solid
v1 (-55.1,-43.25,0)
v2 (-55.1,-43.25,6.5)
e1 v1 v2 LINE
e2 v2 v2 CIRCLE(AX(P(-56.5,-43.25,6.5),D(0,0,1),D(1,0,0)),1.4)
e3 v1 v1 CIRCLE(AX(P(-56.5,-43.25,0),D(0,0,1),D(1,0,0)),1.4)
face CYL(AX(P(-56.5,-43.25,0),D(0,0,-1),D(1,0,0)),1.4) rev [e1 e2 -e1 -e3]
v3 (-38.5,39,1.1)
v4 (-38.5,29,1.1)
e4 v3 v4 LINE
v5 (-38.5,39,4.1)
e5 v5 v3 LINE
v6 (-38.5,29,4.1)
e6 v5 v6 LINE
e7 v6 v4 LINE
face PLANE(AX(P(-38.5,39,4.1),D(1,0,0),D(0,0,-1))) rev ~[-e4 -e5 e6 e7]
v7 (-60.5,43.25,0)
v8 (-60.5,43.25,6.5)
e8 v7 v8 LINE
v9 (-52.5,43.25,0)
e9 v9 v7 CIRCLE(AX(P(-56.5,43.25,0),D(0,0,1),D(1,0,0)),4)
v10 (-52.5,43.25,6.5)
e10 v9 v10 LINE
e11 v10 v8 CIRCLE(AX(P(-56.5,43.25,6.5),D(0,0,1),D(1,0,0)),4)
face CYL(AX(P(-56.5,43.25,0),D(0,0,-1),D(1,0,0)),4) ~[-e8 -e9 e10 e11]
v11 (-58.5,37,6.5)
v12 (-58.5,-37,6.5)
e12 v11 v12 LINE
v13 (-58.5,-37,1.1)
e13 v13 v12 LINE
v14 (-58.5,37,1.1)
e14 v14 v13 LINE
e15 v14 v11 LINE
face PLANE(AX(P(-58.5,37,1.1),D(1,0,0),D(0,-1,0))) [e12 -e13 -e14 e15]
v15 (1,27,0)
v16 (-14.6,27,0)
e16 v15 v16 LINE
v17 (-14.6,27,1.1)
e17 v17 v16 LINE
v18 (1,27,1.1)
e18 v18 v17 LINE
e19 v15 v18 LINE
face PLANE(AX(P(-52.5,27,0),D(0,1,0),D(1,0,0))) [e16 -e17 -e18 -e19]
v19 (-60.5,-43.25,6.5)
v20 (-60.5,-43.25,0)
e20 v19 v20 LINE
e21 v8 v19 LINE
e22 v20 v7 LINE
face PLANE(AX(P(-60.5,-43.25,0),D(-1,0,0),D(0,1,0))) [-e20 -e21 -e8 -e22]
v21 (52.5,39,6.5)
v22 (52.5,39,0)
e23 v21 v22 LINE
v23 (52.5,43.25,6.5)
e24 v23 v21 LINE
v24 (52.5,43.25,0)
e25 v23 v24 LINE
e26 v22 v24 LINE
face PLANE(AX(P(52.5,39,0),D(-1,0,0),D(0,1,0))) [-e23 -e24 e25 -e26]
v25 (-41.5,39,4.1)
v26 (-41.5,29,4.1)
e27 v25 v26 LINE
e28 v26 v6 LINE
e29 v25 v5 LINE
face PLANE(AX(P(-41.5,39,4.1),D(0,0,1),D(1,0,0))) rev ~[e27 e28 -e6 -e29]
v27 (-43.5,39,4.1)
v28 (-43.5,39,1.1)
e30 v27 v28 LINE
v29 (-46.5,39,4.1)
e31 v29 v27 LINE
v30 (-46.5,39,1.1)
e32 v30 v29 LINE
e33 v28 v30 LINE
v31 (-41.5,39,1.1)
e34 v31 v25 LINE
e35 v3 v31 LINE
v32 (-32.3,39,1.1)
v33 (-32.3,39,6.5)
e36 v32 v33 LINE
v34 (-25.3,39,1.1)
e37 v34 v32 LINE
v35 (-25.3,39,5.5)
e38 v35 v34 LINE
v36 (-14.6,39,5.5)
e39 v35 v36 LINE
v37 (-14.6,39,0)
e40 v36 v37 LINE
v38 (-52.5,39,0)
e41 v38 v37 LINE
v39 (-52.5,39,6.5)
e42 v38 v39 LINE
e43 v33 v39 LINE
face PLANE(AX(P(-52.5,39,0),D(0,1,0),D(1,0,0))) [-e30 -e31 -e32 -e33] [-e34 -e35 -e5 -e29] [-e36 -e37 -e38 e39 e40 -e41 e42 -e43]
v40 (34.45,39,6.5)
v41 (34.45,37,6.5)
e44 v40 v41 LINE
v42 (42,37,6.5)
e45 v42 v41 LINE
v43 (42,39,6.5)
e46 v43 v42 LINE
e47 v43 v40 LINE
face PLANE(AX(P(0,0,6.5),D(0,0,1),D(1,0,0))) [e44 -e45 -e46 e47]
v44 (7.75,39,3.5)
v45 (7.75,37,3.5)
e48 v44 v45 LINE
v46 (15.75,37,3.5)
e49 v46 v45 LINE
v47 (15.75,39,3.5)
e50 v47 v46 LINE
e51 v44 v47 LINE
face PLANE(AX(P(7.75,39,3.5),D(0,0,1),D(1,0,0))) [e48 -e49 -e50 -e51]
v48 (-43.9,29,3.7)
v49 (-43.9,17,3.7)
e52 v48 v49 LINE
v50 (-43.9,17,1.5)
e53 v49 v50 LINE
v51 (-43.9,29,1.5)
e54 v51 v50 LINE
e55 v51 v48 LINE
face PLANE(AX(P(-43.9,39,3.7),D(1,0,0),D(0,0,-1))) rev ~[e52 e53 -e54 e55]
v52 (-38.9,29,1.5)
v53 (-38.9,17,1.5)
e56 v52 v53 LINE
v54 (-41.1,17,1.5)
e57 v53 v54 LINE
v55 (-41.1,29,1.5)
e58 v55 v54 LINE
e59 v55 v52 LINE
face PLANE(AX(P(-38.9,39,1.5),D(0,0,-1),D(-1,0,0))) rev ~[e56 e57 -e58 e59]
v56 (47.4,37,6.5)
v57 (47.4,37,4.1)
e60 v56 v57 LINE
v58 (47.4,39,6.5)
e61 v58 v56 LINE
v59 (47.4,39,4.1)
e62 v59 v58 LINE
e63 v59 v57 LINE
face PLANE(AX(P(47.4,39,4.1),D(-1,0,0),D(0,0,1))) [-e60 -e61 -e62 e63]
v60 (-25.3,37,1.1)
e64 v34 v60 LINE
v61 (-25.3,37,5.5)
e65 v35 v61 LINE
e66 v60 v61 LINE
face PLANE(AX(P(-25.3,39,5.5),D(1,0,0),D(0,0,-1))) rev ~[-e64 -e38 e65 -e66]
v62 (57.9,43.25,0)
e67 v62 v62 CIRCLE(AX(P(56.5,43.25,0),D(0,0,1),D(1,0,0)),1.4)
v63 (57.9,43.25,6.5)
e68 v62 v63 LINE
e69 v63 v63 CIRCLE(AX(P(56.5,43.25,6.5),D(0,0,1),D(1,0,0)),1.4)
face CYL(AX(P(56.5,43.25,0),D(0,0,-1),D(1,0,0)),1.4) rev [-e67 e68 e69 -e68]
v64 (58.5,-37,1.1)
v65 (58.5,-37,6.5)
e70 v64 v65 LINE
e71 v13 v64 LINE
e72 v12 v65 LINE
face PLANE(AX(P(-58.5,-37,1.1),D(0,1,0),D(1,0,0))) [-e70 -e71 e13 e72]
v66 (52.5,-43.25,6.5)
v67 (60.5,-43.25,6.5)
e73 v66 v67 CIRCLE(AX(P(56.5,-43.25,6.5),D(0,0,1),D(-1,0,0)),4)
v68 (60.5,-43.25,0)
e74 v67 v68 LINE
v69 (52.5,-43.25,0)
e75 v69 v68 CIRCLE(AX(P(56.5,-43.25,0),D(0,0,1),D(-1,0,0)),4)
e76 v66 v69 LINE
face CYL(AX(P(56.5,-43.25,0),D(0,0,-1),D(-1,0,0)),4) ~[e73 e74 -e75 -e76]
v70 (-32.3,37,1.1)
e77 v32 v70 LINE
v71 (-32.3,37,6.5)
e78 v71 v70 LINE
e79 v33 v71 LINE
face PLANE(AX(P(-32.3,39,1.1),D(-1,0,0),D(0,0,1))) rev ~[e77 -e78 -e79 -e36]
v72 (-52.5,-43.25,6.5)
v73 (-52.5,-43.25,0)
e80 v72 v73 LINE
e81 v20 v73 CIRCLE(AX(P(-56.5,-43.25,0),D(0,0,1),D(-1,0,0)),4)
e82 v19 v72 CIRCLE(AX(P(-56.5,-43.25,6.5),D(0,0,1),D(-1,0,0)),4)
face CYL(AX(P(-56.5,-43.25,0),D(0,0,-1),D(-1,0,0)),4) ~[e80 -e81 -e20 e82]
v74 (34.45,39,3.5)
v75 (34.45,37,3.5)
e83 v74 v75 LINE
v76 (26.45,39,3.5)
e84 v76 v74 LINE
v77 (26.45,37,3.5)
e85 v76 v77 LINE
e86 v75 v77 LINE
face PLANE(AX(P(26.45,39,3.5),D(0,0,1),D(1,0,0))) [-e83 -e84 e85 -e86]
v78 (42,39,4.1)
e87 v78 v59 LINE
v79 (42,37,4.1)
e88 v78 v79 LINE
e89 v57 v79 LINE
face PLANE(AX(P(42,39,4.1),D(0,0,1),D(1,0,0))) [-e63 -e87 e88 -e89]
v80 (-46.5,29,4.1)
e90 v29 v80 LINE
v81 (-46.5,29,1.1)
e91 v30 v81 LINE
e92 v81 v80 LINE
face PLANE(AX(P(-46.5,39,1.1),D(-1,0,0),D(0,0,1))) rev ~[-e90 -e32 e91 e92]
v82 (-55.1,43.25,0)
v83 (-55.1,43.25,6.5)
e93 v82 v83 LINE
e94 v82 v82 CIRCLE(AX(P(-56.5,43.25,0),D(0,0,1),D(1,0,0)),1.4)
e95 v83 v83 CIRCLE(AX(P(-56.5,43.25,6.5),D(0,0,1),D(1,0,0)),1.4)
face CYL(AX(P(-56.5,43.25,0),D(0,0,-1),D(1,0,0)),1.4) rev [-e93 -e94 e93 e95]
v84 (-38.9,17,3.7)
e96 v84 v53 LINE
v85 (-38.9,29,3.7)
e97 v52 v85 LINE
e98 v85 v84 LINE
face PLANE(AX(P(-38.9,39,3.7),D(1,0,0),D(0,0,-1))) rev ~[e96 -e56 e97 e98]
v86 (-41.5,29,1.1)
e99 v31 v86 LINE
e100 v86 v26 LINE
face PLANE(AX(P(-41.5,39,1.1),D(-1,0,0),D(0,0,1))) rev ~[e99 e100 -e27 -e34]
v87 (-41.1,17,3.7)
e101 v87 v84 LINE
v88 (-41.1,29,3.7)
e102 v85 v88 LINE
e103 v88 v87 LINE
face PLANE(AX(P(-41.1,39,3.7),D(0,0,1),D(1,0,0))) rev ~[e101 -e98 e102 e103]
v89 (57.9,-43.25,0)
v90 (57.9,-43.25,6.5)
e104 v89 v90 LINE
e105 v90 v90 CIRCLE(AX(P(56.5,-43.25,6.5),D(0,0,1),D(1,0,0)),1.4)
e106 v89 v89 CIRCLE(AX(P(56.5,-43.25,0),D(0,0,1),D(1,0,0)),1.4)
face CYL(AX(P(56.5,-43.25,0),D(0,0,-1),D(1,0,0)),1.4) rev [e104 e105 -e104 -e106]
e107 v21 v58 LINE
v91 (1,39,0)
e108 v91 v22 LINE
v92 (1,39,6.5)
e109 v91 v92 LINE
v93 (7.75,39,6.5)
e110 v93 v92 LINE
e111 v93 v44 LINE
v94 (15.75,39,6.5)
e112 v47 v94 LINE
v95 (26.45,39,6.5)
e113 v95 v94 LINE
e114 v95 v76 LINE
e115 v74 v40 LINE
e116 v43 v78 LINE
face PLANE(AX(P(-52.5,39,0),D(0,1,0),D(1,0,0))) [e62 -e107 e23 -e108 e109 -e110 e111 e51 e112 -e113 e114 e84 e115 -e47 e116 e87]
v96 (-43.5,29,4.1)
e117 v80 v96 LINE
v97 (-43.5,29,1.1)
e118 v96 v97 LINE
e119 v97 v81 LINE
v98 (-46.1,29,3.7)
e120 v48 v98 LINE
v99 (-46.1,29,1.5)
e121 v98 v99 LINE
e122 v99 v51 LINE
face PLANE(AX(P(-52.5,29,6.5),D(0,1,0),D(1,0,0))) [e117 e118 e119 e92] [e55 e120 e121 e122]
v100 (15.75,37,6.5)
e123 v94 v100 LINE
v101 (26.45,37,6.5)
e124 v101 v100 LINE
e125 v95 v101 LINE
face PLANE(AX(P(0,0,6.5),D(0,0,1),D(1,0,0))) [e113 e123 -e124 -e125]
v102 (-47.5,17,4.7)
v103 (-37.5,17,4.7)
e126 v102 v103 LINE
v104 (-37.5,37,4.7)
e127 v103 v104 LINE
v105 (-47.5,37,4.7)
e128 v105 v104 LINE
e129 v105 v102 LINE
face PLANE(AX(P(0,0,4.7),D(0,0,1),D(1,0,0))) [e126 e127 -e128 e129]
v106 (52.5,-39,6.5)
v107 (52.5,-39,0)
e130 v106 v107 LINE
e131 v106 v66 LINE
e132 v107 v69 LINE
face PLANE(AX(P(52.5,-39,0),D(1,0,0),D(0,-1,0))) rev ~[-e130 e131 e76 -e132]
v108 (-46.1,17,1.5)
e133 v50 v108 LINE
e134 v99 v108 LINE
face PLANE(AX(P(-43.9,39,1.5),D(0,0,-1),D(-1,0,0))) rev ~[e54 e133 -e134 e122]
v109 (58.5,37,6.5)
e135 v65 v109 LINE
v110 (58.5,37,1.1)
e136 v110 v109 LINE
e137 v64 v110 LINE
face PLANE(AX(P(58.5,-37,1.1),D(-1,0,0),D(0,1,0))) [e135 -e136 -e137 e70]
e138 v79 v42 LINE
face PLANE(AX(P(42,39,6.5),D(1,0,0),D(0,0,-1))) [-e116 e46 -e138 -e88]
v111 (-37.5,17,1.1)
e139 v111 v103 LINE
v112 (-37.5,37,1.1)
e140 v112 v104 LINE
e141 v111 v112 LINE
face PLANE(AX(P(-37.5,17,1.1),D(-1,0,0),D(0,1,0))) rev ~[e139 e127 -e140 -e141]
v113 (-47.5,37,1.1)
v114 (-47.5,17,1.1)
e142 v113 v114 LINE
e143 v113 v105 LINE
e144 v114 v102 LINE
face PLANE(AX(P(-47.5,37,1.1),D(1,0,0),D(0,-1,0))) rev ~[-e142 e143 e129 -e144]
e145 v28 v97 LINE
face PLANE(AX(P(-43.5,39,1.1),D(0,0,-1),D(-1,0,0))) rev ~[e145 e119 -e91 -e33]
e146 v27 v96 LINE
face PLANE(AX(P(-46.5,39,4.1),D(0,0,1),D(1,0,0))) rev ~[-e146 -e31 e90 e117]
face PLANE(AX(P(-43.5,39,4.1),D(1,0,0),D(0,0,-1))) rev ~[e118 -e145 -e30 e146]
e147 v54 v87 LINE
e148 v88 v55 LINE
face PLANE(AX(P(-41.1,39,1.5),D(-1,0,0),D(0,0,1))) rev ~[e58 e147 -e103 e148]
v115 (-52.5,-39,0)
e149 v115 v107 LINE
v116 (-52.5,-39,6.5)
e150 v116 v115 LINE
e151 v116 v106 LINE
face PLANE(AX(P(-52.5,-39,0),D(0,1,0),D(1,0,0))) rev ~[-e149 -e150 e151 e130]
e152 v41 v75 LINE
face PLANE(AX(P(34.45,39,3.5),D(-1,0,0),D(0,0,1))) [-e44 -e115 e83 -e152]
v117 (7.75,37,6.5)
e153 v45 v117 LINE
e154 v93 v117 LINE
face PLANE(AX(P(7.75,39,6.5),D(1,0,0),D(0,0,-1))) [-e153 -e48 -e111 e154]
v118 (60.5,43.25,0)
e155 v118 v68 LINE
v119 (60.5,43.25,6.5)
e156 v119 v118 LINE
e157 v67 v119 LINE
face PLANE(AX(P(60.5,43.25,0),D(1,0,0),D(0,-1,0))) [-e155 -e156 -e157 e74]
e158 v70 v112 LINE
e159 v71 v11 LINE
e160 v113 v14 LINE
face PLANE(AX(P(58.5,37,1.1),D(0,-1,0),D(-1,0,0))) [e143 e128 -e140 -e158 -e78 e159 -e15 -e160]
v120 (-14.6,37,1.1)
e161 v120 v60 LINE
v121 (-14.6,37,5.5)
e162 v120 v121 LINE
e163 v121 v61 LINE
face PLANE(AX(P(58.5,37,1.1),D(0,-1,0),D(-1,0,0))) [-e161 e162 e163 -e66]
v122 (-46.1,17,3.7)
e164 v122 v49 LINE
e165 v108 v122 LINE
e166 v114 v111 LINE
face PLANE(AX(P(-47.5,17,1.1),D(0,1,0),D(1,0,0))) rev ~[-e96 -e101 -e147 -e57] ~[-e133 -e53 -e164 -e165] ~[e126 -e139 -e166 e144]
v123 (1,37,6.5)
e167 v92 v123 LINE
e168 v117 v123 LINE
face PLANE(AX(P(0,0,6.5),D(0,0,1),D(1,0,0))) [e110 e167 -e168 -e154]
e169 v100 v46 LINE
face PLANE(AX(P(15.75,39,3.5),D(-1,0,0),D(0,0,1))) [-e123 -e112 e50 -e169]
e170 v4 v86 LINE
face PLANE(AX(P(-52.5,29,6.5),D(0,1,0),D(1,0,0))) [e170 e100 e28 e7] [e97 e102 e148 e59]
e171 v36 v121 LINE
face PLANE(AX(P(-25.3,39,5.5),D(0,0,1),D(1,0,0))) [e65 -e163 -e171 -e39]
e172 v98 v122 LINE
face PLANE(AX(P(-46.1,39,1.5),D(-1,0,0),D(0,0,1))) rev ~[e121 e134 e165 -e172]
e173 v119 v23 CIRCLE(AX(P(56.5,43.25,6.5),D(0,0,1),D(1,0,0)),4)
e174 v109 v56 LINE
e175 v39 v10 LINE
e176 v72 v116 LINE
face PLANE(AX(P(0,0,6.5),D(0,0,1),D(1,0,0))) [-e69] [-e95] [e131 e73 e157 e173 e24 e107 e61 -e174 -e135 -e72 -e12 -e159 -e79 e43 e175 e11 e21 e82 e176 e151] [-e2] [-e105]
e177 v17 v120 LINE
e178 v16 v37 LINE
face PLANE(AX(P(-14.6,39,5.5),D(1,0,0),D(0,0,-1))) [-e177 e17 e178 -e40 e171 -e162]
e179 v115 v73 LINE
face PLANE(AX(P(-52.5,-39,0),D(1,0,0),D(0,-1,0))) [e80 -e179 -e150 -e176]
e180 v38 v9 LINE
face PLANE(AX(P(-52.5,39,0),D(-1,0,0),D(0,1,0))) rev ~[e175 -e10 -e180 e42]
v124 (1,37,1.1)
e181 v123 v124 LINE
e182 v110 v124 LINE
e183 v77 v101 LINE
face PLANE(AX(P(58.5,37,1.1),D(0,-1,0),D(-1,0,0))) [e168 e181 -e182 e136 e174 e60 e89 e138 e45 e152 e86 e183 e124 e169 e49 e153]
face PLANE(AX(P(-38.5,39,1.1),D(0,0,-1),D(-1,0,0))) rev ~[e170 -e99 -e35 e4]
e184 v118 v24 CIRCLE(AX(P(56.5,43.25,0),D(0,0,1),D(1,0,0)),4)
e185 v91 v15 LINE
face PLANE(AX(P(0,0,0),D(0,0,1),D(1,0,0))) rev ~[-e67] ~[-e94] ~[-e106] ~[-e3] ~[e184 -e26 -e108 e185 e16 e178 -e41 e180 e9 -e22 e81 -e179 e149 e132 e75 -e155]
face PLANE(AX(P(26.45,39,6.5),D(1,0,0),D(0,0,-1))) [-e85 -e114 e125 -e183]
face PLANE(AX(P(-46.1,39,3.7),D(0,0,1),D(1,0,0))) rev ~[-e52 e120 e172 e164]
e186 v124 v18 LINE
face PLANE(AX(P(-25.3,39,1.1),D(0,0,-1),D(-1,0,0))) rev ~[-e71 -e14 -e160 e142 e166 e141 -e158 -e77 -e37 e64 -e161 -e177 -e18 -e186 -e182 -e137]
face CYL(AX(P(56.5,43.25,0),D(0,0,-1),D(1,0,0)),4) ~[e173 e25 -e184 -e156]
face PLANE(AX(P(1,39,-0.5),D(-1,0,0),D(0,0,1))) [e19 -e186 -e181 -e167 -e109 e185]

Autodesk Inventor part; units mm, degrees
ref_plane "YZ Plane" through (0, 0, 0) normal (1, 0, 0) x (0, 1, 0)
ref_plane "XZ Plane" through (0, 0, 0) normal (0, 1, 0) x (-1, 0, 0)
ref_plane "XY Plane" through (0, 0, 0) normal (0, 0, 1) x (1, 0, 0)
sketch "Skizze1" plane through (0, 0, 0) normal (0, 0, 1) x (1, 0, 0)
  line L0 (-52.5, 39) -> (52.5, 39)
  line L1 (-52.5, -39) -> (52.5, -39)
  line L2 (52.5, -39) -> (52.5, -43.25)
  line L3 (-52.5, -39) -> (-52.5, -43.25)
  line L4 (-60.5, -43.25) -> (-60.5, 43.25)
  line L5 (-52.5, 39) -> (-52.5, 43.25)
  line L6 (52.5, 39) -> (52.5, 43.25)
  line L7 (60.5, 43.25) -> (60.5, -43.25)
  arc A0 (-52.5, 43.25) -> (-60.5, 43.25) centre (-56.5, 43.25) ccw
  arc A1 (60.5, 43.25) -> (52.5, 43.25) centre (56.5, 43.25) ccw
  arc A2 (52.5, -43.25) -> (60.5, -43.25) centre (56.5, -43.25) ccw
  arc A3 (-60.5, -43.25) -> (-52.5, -43.25) centre (-56.5, -43.25) ccw
  line L8 (0, 66.15) -> (0, -66.15) construction
  line L9 (-84.7, 0) -> (84.7, 0) construction
  circle A4 centre (-56.5, 43.25) radius 1.4
  circle A5 centre (56.5, 43.25) radius 1.4
  circle A6 centre (56.5, -43.25) radius 1.4
  circle A7 centre (-56.5, -43.25) radius 1.4
  point P0 (0, 0)
  dimension "d0" = 121
  dimension "d1" = 78
  dimension "d2" = 8
  dimension "d3" = 86.5
  dimension "d4" = 2.8
extrude "Extrusion1" add sketch "Skizze1" along normal blind 1.1
sketch "Skizze8" plane through (0, 0, 1.1) normal (0, 0, 1) x (1, 0, 0)
  line L0 (-58.5, -37) -> (58.5, -37)
  line L1 (58.5, -37) -> (58.5, 37)
  line L2 (58.5, 37) -> (-58.5, 37)
  line L3 (-58.5, 37) -> (-58.5, -37)
  line L4 (-58.5, -37) -> (58.5, 37) construction
  line L5 (58.5, -37) -> (-58.5, 37) construction
  line L6 (60.5, -43.25) -> (60.5, 43.25) projected
  line L7 (52.5, 39) -> (-52.5, 39) projected
  line L8 (-60.5, 43.25) -> (-60.5, -43.25) projected
  arc A0 (-60.5, -43.25) -> (-52.5, -43.25) centre (-56.5, -43.25) ccw projected
  line L9 (-52.5, -43.25) -> (-52.5, -39) projected
  line L10 (-52.5, -39) -> (52.5, -39) projected
  line L11 (52.5, -39) -> (52.5, -43.25) projected
  arc A1 (52.5, -43.25) -> (60.5, -43.25) centre (56.5, -43.25) ccw projected
  line L12 (60.5, -43.25) -> (60.5, 43.25) projected
  arc A2 (60.5, 43.25) -> (52.5, 43.25) centre (56.5, 43.25) ccw projected
  line L13 (52.5, 43.25) -> (52.5, 39) projected
  line L14 (52.5, 39) -> (-52.5, 39) projected
  line L15 (-52.5, 39) -> (-52.5, 43.25) projected
  arc A3 (-52.5, 43.25) -> (-60.5, 43.25) centre (-56.5, 43.25) ccw projected
  circle A4 centre (-56.5, -43.25) radius 1.4 projected
  circle A5 centre (56.5, -43.25) radius 1.4 projected
  circle A6 centre (56.5, 43.25) radius 1.4 projected
  circle A7 centre (-56.5, 43.25) radius 1.4 projected
  point P0 (0, 0)
  dimension "d45" = 2
  dimension "d46" = 2
extrude "Extrusion8" add sketch "Skizze8" along normal blind 5.4
sketch "Skizze9" plane through (-52.5, 39, 0) normal (0, 1, 0) x (1, 0, 0)
  line L0 (105, -6.5) -> (0, -6.5) projected
  line L1 (-6, -6.5) -> (111, -6.5) projected
  line L2 (99.9, -6.5) -> (94.5, -6.5)
  line L3 (94.5, -6.5) -> (94.5, -4.1)
  line L4 (94.5, -4.1) -> (99.9, -4.1)
  line L5 (99.9, -4.1) -> (99.9, -6.5)
  line L6 (86.95, -6.5) -> (78.95, -6.5)
  line L7 (78.95, -6.5) -> (78.95, -3.5)
  line L8 (78.95, -3.5) -> (86.95, -3.5)
  line L9 (86.95, -3.5) -> (86.95, -6.5)
  line L10 (68.25, -6.5) -> (60.25, -6.5)
  line L11 (60.25, -6.5) -> (60.25, -3.5)
  line L12 (60.25, -3.5) -> (68.25, -3.5)
  line L13 (68.25, -3.5) -> (68.25, -6.5)
  line L14 (53.5, -6.5) -> (37.9, -6.5)
  line L15 (37.9, -6.5) -> (37.9, 0.5)
  line L16 (37.9, 0.5) -> (53.5, 0.5)
  line L17 (53.5, 0.5) -> (53.5, -6.5)
  line L18 (20.2, -6.5) -> (27.2, -6.5)
  line L19 (27.2, -6.5) -> (27.2, -1.1)
  line L20 (27.2, -1.1) -> (20.2, -1.1)
  line L21 (20.2, -1.1) -> (20.2, -6.5)
  line L22 (97.2, -4.1) -> (97.2, -6.5) construction
  line L23 (82.95, -3.5) -> (82.95, -6.5) construction
  line L24 (64.25, -3.5) -> (64.25, -6.5) construction
  line L25 (45.7, 0.5) -> (45.7, -6.5) construction
  line L26 (23.7, -1.1) -> (23.7, -6.5) construction
  line L27 (105, 0) -> (105, -6.5) construction
  line L28 (37.9, -6.5) -> (27.2, -6.5)
  line L29 (27.2, -6.5) -> (27.2, -5.5)
  line L30 (27.2, -5.5) -> (37.9, -5.5)
  line L31 (37.9, -5.5) -> (37.9, -6.5)
  point P0 (52.5, 0)
  point P1 (27.2, -6.5)
  point P2 (94.5, -6.5)
  point P3 (99.9, -6.5)
  dimension "d49" = 7.8
  dimension "d50" = 22.05
  dimension "d51" = 40.75
  dimension "d52" = 59.3
  dimension "d53" = 81.3
  dimension "d54" = 2.4
  dimension "d55" = 3
  dimension "d56" = 7
  dimension "d57" = 5.4
  dimension "d58" = 5.4
  dimension "d59" = 8
  dimension "d60" = 8
  dimension "d61" = 15.6
  dimension "d62" = 7
  dimension "d65" = 1
extrude "Extrusion9" cut sketch "Skizze9" against normal blind 12
sketch "Skizze11" plane through (0, 0, 1.1) normal (0, 0, 1) x (1, 0, 0)
  line L0 (-58.5, 37) -> (-32.3, 37) projected
  line L1 (-37.5, 37) -> (-47.5, 37)
  line L2 (-47.5, 37) -> (-47.5, 17)
  line L3 (-47.5, 17) -> (-37.5, 17)
  line L4 (-37.5, 17) -> (-37.5, 37)
  line L5 (-52.5, 39) -> (-52.5, 43.25) projected
  point P0 (0, 0)
  point P1 (-42.5, 37)
  dimension "d66" = 10
  dimension "d67" = 10
  dimension "d68" = 20
extrude "Extrusion10" add sketch "Skizze11" along normal blind 3.6
sketch "Skizze12" plane through (-52.5, 39, 6.5) normal (0, 1, 0) x (1, 0, 0)
  line L0 (5, 5.4) -> (5, 1.8) projected
  line L1 (15, 5.4) -> (5, 5.4) projected
  line L2 (15, 5.4) -> (15, 1.8) projected
  line L3 (10, 5.4) -> (10, 0) construction
  line L4 (13.6, 5) -> (11.4, 5)
  line L5 (11.4, 5) -> (11.4, 2.8)
  line L6 (11.4, 2.8) -> (13.6, 2.8)
  line L7 (13.6, 2.8) -> (13.6, 5)
  line L8 (13.6, 5) -> (11.4, 2.8) construction
  line L9 (11.4, 5) -> (13.6, 2.8) construction
  line L10 (8.6, 5) -> (6.4, 5)
  line L11 (6.4, 5) -> (6.4, 2.8)
  line L12 (6.4, 2.8) -> (8.6, 2.8)
  line L13 (8.6, 2.8) -> (8.6, 5)
  line L14 (8.6, 5) -> (6.4, 2.8) construction
  line L15 (6.4, 5) -> (8.6, 2.8) construction
  line L16 (5, 1.8) -> (15, 1.8) projected
  point P0 (52.5, 6.5)
  point P1 (12.5, 3.9)
  point P2 (7.5, 3.9)
  point P3 (7.5, 3.9)
  point P4 (12.5, 3.9)
  point P5 (8.6, 5.4)
  point P6 (6.4, 5.4)
  point P7 (13.6, 5.4)
  point P8 (11.4, 5.4)
  point P9 (7.5, 3.9)
  dimension "d73" = 5
  dimension "d74" = 2.2
  dimension "d75" = 2.2
  dimension "d78" = 1.5
extrude "Extrusion11" cut sketch "Skizze12" against normal up to surface (22 mm away) contours L7 L6 L5 L4 | L13 L12 L11 L10
sketch "Skizze13" plane through (-52.5, 39, 6.5) normal (0, 1, 0) x (1, 0, 0)
  line L0 (13.6, 2.8) -> (11.4, 2.8) construction
  line L1 (11.4, 5) -> (13.6, 5) construction
  line L2 (8.6, 2.8) -> (6.4, 2.8) construction
  line L3 (6.4, 5) -> (8.6, 5) construction
  line L4 (7.5, 2.8) -> (7.5, 5) construction
  line L5 (8.6, 5) -> (6.4, 5) construction
  line L6 (12.5, 5) -> (12.5, 2.8) construction
  line L7 (14, 5.4) -> (11, 5.4)
  line L8 (11, 5.4) -> (11, 2.4)
  line L9 (11, 2.4) -> (14, 2.4)
  line L10 (14, 2.4) -> (14, 5.4)
  line L11 (14, 5.4) -> (11, 2.4) construction
  line L12 (11, 5.4) -> (14, 2.4) construction
  line L13 (9, 5.4) -> (6, 5.4)
  line L14 (6, 5.4) -> (6, 2.4)
  line L15 (6, 2.4) -> (9, 2.4)
  line L16 (9, 2.4) -> (9, 5.4)
  line L17 (9, 5.4) -> (6, 2.4) construction
  line L18 (6, 5.4) -> (9, 2.4) construction
  point P0 (52.5, 6.5)
  point P1 (12.5, 3.9)
  point P2 (7.5, 3.9)
  dimension "d79" = 3
  dimension "d80" = 3
  dimension "d81" = 3
  dimension "d82" = 3
extrude "Extrusion12" cut sketch "Skizze13" against normal blind 10
equation "\"d60\" = d59"
properties part number "Display 5inch Housing"
